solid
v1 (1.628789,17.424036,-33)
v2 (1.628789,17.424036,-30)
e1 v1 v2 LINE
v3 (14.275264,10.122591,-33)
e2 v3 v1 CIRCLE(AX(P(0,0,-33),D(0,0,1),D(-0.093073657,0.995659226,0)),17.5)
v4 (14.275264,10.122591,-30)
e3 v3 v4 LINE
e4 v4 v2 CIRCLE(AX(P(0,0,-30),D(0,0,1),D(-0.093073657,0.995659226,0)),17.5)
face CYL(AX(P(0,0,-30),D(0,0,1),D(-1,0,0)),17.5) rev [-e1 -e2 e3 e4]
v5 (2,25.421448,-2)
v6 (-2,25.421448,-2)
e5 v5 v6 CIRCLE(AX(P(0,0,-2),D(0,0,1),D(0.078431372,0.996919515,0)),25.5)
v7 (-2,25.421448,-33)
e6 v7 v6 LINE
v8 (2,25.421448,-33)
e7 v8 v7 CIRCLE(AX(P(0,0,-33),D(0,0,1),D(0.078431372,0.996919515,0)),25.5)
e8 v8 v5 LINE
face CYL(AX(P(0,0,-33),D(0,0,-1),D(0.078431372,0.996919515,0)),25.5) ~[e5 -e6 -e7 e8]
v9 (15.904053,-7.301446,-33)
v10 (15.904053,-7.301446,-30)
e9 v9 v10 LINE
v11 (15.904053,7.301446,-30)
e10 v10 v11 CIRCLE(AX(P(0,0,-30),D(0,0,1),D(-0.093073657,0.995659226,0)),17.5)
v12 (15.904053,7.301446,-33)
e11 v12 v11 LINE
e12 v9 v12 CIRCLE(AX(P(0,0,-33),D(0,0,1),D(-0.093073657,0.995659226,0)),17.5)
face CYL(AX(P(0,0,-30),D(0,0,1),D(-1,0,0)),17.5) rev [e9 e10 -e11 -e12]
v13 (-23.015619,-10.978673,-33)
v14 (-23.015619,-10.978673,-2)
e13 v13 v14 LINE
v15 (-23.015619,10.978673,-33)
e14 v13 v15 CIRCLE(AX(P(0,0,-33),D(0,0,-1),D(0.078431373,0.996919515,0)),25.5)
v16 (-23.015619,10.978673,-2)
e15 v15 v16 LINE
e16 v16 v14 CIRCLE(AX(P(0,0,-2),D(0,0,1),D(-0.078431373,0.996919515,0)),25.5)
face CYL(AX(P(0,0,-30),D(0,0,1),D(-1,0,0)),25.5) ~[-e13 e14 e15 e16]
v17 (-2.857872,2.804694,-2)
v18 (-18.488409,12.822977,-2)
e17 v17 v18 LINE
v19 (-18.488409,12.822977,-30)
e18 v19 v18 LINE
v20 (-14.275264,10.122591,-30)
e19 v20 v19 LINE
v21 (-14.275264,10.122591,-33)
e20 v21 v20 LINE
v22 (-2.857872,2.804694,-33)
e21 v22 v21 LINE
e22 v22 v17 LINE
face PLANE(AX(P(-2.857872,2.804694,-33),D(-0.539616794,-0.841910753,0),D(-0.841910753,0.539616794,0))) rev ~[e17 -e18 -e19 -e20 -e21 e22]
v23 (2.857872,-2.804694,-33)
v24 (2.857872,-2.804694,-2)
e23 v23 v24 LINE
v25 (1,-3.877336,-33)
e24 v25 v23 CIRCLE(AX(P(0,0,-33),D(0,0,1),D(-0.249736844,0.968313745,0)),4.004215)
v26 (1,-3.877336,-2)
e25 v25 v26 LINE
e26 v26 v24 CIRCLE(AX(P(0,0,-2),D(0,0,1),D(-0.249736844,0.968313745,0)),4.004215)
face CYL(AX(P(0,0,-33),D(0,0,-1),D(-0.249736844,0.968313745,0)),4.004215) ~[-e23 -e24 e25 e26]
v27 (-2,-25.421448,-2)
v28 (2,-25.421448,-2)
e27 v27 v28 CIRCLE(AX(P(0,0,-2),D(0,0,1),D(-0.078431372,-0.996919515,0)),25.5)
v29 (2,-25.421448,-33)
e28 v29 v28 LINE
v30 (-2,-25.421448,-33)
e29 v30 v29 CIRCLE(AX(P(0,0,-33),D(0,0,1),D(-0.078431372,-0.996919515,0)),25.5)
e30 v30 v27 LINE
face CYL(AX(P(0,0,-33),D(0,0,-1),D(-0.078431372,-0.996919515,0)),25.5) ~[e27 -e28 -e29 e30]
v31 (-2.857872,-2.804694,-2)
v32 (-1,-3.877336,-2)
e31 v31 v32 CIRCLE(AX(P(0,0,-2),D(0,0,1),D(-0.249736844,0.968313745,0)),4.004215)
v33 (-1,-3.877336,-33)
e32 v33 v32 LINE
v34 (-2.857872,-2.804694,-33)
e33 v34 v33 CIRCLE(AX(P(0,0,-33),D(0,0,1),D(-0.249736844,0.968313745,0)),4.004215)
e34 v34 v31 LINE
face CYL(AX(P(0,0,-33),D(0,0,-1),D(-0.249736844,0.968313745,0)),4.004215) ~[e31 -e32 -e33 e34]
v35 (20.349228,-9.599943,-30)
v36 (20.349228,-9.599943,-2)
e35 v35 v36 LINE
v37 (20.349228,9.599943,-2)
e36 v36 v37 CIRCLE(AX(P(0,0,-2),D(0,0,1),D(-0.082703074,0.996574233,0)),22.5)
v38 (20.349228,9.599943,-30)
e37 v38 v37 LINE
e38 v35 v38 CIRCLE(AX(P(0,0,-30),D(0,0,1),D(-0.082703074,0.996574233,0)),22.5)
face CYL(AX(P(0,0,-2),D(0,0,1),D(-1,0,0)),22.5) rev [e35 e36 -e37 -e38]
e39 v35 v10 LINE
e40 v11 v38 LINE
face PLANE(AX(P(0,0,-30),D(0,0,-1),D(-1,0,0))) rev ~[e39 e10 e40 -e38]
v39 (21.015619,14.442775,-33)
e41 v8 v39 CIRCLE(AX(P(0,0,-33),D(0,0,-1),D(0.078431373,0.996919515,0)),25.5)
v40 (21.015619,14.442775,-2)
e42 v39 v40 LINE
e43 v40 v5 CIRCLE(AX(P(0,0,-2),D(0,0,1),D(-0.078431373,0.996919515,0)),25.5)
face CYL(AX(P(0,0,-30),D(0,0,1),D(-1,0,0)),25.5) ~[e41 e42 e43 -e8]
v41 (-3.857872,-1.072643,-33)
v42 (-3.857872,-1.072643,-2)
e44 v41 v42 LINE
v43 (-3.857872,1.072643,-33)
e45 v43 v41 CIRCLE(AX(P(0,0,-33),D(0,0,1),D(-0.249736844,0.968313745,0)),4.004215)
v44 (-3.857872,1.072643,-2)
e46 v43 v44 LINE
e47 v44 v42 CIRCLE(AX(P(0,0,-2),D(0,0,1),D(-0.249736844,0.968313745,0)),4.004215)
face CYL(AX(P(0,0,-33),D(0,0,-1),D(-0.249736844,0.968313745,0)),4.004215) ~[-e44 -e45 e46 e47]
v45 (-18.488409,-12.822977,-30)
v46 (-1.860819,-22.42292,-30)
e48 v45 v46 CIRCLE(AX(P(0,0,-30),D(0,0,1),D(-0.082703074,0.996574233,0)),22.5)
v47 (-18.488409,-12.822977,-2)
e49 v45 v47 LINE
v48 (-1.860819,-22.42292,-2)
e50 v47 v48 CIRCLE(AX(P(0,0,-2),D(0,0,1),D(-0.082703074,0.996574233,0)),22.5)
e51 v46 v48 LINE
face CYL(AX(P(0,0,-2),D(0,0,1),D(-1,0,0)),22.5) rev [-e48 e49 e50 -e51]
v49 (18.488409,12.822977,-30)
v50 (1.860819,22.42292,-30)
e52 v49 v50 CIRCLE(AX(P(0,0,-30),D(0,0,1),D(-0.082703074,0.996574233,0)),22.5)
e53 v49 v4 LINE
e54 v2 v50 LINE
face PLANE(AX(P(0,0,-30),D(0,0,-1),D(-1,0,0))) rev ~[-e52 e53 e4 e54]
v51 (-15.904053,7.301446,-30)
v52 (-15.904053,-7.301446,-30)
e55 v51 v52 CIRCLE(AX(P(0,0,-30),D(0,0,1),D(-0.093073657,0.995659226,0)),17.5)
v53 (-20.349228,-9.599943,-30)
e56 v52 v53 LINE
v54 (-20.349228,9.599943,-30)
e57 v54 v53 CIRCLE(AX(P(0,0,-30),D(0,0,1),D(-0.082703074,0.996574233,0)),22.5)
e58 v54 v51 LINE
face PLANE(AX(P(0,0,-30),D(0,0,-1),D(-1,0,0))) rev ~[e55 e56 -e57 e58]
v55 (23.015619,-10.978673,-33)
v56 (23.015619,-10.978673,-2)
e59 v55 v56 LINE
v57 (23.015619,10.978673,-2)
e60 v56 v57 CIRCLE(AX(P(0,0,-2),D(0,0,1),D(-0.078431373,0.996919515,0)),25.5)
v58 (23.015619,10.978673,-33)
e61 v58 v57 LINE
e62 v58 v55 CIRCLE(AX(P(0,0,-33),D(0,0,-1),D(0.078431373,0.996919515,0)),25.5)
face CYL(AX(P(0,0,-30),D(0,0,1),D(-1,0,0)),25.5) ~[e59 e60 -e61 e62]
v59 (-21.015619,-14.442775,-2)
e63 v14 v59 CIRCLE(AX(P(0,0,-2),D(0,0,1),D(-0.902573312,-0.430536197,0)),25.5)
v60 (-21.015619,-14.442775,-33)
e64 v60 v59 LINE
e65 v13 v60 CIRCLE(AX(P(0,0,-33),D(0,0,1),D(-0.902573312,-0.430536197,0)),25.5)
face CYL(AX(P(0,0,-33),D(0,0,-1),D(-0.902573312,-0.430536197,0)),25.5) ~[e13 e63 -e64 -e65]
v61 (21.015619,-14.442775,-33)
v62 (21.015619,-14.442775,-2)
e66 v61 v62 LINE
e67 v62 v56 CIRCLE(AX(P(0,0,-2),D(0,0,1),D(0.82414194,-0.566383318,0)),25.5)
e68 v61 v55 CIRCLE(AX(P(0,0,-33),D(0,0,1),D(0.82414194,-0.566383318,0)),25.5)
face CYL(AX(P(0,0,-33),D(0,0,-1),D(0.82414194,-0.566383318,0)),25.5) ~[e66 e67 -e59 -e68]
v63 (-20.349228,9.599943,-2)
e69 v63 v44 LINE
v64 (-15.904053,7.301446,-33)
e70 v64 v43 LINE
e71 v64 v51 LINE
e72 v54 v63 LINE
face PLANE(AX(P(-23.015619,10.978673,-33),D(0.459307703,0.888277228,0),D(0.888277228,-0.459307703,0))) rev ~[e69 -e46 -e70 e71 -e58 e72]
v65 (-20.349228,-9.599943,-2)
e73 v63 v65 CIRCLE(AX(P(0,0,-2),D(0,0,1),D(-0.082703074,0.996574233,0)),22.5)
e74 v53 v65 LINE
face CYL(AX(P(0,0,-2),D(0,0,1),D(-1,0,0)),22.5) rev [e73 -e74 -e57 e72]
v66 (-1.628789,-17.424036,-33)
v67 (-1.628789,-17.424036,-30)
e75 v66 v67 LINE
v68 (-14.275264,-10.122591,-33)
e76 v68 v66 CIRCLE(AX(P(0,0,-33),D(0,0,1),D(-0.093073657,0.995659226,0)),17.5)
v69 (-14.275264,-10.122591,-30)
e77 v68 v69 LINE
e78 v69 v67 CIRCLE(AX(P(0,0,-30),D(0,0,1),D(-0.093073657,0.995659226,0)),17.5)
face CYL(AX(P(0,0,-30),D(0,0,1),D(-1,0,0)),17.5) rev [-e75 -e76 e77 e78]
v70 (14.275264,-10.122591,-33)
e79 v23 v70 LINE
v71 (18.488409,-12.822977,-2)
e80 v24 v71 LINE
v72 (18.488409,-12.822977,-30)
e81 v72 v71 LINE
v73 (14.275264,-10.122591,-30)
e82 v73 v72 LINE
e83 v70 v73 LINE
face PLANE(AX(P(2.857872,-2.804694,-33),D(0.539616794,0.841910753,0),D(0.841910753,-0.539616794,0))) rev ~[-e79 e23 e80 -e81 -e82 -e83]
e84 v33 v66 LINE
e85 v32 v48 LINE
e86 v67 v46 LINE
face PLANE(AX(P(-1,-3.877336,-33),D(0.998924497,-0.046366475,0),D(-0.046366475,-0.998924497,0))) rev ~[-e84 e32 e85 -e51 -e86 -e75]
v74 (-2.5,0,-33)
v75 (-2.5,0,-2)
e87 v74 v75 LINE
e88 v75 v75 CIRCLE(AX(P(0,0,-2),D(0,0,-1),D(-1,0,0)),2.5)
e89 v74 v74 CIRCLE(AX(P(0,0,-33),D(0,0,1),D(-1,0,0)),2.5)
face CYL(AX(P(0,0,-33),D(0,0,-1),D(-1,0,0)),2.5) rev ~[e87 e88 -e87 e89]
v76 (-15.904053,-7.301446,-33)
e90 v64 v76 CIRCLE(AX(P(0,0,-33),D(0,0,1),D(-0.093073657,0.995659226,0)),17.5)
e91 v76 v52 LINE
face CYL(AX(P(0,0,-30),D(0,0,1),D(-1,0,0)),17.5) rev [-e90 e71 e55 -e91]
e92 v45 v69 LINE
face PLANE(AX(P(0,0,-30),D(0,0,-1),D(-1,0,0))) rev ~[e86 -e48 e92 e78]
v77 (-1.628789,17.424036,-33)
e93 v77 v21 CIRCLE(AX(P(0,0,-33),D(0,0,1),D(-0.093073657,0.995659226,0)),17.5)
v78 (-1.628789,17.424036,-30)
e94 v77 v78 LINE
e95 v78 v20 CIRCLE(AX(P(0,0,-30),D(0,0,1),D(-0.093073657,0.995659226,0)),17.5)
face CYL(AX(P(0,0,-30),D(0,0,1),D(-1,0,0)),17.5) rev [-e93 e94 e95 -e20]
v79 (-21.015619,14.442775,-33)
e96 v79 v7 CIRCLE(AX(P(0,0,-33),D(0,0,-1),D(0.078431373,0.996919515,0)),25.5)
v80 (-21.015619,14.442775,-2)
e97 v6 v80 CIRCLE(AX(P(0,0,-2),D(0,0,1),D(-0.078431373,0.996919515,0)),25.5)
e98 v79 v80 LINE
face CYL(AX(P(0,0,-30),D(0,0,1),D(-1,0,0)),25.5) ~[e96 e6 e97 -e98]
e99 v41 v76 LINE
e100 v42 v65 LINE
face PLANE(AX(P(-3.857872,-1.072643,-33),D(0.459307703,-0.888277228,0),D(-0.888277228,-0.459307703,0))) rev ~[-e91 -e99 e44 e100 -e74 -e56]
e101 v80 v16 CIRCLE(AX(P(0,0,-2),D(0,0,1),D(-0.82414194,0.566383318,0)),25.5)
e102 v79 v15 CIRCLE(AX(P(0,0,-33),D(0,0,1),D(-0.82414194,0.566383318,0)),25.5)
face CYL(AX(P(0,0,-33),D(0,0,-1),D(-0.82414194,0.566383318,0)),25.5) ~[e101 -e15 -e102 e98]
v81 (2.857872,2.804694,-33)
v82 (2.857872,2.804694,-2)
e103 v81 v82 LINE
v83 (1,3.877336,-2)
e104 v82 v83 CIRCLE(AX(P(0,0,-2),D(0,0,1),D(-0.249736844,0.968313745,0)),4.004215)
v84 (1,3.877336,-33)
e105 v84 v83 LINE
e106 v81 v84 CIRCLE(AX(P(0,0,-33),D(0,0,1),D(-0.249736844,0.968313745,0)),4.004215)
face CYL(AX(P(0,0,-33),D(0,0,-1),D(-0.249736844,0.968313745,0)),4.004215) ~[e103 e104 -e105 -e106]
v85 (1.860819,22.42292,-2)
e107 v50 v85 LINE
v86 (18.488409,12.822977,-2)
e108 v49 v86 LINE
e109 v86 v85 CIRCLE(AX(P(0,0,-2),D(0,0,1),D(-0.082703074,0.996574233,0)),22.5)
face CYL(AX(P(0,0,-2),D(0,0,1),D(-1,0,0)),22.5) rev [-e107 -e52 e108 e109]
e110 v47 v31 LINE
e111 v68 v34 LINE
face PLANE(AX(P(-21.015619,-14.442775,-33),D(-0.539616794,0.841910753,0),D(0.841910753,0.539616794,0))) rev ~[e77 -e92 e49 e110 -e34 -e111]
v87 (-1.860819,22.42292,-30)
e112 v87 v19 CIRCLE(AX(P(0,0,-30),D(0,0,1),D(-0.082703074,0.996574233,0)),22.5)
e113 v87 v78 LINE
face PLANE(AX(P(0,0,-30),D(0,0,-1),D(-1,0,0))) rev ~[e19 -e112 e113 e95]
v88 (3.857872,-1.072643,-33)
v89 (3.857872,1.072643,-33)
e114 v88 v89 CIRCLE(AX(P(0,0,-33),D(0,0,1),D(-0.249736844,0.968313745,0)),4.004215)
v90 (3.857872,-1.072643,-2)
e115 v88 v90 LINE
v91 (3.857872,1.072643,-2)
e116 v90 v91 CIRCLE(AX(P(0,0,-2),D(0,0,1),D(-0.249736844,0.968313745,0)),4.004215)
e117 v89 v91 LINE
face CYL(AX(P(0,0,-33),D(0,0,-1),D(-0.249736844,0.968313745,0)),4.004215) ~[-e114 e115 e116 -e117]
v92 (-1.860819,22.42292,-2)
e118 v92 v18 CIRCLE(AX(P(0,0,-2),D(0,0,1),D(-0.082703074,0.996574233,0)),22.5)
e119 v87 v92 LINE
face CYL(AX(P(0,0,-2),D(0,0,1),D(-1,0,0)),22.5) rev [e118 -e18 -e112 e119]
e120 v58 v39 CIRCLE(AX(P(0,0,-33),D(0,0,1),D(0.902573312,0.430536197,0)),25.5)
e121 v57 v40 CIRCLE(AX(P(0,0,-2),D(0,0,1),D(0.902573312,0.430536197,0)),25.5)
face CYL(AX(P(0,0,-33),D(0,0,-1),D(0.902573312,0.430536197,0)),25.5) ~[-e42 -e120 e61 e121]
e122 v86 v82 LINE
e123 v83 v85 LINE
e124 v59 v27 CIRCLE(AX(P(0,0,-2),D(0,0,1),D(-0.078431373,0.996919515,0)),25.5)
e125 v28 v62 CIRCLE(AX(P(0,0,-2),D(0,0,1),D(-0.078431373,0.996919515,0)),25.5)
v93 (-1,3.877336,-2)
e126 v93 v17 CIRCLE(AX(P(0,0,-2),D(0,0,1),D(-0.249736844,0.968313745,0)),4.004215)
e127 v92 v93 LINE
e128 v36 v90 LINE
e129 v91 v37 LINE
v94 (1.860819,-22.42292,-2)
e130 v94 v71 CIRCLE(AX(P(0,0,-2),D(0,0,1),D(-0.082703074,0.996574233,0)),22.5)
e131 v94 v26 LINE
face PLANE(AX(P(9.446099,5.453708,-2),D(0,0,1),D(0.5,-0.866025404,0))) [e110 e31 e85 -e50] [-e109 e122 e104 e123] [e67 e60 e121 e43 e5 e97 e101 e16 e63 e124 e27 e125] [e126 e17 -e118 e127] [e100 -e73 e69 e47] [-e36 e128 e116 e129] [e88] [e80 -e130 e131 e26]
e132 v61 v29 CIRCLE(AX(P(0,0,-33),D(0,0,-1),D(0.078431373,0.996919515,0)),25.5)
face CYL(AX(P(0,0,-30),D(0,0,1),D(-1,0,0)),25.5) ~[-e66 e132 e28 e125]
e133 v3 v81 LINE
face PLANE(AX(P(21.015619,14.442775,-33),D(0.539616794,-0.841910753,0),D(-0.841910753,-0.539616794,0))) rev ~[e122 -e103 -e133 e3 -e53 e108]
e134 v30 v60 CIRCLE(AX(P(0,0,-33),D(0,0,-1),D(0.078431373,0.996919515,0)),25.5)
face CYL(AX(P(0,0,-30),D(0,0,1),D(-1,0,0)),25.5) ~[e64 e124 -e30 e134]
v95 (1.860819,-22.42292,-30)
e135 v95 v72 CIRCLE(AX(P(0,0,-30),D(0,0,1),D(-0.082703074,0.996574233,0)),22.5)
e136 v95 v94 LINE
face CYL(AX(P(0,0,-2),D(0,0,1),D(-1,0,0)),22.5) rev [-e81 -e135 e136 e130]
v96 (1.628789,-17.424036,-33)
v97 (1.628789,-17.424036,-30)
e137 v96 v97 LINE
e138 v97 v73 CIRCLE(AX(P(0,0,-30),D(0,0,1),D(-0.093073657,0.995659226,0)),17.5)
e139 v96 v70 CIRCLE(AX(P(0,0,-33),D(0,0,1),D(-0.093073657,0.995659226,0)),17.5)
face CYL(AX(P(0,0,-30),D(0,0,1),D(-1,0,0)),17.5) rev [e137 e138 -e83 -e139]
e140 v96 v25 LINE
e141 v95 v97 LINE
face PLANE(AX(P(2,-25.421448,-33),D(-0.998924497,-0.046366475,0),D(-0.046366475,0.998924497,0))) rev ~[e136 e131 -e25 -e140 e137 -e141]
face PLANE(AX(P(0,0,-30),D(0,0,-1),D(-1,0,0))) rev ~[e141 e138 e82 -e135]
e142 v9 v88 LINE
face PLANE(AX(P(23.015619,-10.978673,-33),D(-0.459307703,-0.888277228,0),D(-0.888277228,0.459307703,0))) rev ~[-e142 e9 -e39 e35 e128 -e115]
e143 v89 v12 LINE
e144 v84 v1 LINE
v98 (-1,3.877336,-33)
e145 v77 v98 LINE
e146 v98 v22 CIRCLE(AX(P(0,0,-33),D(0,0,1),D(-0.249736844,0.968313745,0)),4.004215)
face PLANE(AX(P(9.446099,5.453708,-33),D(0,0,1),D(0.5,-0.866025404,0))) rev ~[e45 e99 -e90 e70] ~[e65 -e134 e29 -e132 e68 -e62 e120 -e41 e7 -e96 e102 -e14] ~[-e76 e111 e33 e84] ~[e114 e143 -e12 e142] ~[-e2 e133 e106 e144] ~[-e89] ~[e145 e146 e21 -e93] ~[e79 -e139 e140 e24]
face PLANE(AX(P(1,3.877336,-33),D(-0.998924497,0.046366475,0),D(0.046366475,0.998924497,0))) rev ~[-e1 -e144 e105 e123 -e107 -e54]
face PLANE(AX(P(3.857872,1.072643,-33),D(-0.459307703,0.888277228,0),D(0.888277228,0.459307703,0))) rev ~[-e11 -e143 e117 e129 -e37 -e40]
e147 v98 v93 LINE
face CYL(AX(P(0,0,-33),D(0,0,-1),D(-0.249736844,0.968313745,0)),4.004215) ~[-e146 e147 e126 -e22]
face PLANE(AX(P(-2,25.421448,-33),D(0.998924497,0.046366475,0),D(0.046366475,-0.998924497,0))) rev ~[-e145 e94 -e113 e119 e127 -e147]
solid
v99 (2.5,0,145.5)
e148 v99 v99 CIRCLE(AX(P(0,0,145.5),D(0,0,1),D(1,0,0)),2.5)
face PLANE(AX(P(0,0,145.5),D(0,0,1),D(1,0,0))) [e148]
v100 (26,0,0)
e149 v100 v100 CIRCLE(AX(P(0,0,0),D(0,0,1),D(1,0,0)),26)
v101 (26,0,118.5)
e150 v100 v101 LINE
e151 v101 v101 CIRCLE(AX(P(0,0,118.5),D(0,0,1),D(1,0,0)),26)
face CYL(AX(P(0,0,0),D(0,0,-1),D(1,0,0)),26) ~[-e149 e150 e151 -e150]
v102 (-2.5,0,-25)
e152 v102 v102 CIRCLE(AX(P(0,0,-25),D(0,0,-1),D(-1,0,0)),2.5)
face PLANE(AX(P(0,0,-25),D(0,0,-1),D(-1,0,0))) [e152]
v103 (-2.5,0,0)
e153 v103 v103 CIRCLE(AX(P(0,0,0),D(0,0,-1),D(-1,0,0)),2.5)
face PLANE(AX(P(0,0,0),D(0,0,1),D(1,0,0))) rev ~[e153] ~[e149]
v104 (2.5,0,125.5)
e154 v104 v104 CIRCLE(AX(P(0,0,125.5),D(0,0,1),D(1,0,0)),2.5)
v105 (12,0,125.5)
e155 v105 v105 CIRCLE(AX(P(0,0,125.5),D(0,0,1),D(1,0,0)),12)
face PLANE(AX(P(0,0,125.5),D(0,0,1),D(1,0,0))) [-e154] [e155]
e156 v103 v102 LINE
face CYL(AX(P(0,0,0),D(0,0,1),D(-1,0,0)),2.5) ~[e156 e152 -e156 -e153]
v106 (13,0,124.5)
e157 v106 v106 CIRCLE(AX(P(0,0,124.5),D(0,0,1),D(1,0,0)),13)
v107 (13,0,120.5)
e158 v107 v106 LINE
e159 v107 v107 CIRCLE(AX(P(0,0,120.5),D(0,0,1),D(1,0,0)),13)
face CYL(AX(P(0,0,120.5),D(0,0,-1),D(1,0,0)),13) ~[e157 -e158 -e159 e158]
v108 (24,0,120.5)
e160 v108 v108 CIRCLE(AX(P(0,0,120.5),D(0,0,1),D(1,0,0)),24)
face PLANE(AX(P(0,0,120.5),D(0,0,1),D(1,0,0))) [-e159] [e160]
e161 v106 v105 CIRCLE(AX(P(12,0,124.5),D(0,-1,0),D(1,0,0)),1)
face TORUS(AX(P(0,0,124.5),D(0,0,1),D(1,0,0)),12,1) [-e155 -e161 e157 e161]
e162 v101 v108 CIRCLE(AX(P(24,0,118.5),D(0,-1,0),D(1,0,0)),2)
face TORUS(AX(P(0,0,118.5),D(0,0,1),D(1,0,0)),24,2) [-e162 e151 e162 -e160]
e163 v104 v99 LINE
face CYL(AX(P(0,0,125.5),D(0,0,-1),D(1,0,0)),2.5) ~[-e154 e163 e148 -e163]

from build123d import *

# Parameters (mm, degrees)
SKETCH_1_R               = 26
EXTRUDE_1_DEPTH          = 120.5
SKETCH_2_R               = 13
EXTRUDE_2_DEPTH          = 5
SKETCH_3_R               = 2.5
EXTRUDE_3_DEPTH          = 20
SKETCH_7_R               = 2.5
EXTRUDE_7_DEPTH          = 25
FILLET_2_R               = 2
FILLET_3_R               = 1
SKETCH_4_R               = 25.5
SKETCH_4_R_2             = 22.5
EXTRUDE_4_DEPTH          = 28
SKETCH_5_R               = 25.5
SKETCH_5_R_2             = 17.5
EXTRUDE_5_DEPTH          = 3
SKETCH_6_R               = 2.5
EXTRUDE_6_DEPTH          = 31
PATTERN_CIRCULAR_1_COUNT = 6


with BuildPart() as part:
    # 草图1 → 凸台-拉伸1 (new body)
    with BuildSketch(Plane.XY):
        Circle(SKETCH_1_R)
    extrude(amount=EXTRUDE_1_DEPTH)

    # 草图2 → 凸台-拉伸2 (add)
    with BuildSketch(Plane.XY.offset(120.5)):
        Circle(SKETCH_2_R)
    extrude(amount=EXTRUDE_2_DEPTH)

    # 草图3 → 凸台-拉伸3 (add)
    with BuildSketch(Plane.XY.offset(125.5)):
        Circle(SKETCH_3_R)
    extrude(amount=EXTRUDE_3_DEPTH)

    # 草图7 → 凸台-拉伸7 (add)
    with BuildSketch(Plane(origin=(0, 0, 0), x_dir=(-1, 0, 0), z_dir=(0, 0, -1))):
        Circle(SKETCH_7_R)
    extrude(amount=EXTRUDE_7_DEPTH)

    # 圆角2
    fillet_2_edges = [part.edges().sort_by_distance(p)[0] for p in [
        (-26, 0, 120.5),
    ]]
    fillet(fillet_2_edges, radius=FILLET_2_R)

    # 圆角3
    fillet_3_edges = [part.edges().sort_by_distance(p)[0] for p in [
        (-13, 0, 125.5),
    ]]
    fillet(fillet_3_edges, radius=FILLET_3_R)


with BuildPart() as body_2:
    # 草图4 → 凸台-拉伸4 (new body)
    with BuildSketch(Plane(origin=(0, 0, -2), x_dir=(-1, 0, 0), z_dir=(0, 0, -1))):
        Circle(SKETCH_4_R)
        Circle(SKETCH_4_R_2, mode=Mode.SUBTRACT)
    extrude(amount=EXTRUDE_4_DEPTH)

    # 草图5 → 凸台-拉伸5 (add)
    with BuildSketch(Plane(origin=(0, 0, -30), x_dir=(-1, 0, 0), z_dir=(0, 0, -1))):
        Circle(SKETCH_5_R)
        Circle(SKETCH_5_R_2, mode=Mode.SUBTRACT)
    extrude(amount=EXTRUDE_5_DEPTH)

    # 草图6 → 凸台-拉伸6 (add)
    with BuildSketch(Plane(origin=(0, 0, -33), x_dir=(-1, 0, 0), z_dir=(0, 0, -1))):
        with BuildLine():
            Line((-1, 3.877336352), (-2, 25.421447638))
            ThreePointArc((-2, 25.421447638), (0, 25.5), (2, 25.421447638))
            Line((2, 25.421447638), (1, 3.877336352))
            ThreePointArc((1, 3.877336352), (0, -4.004214927), (-1, 3.877336352))
        make_face()
        Circle(SKETCH_6_R, mode=Mode.SUBTRACT)
    extrude_6 = extrude(amount=-EXTRUDE_6_DEPTH)

    # 阵列(圆周)1: 凸台-拉伸6 ×6 about axis
    pattern_circular_1_axis = Axis((0, 0, 0), (0, 0, 1))
    for i in range(1, PATTERN_CIRCULAR_1_COUNT):
        add(extrude_6.rotate(pattern_circular_1_axis, i * 360 / PATTERN_CIRCULAR_1_COUNT))


solid = Compound([part.part, body_2.part])
